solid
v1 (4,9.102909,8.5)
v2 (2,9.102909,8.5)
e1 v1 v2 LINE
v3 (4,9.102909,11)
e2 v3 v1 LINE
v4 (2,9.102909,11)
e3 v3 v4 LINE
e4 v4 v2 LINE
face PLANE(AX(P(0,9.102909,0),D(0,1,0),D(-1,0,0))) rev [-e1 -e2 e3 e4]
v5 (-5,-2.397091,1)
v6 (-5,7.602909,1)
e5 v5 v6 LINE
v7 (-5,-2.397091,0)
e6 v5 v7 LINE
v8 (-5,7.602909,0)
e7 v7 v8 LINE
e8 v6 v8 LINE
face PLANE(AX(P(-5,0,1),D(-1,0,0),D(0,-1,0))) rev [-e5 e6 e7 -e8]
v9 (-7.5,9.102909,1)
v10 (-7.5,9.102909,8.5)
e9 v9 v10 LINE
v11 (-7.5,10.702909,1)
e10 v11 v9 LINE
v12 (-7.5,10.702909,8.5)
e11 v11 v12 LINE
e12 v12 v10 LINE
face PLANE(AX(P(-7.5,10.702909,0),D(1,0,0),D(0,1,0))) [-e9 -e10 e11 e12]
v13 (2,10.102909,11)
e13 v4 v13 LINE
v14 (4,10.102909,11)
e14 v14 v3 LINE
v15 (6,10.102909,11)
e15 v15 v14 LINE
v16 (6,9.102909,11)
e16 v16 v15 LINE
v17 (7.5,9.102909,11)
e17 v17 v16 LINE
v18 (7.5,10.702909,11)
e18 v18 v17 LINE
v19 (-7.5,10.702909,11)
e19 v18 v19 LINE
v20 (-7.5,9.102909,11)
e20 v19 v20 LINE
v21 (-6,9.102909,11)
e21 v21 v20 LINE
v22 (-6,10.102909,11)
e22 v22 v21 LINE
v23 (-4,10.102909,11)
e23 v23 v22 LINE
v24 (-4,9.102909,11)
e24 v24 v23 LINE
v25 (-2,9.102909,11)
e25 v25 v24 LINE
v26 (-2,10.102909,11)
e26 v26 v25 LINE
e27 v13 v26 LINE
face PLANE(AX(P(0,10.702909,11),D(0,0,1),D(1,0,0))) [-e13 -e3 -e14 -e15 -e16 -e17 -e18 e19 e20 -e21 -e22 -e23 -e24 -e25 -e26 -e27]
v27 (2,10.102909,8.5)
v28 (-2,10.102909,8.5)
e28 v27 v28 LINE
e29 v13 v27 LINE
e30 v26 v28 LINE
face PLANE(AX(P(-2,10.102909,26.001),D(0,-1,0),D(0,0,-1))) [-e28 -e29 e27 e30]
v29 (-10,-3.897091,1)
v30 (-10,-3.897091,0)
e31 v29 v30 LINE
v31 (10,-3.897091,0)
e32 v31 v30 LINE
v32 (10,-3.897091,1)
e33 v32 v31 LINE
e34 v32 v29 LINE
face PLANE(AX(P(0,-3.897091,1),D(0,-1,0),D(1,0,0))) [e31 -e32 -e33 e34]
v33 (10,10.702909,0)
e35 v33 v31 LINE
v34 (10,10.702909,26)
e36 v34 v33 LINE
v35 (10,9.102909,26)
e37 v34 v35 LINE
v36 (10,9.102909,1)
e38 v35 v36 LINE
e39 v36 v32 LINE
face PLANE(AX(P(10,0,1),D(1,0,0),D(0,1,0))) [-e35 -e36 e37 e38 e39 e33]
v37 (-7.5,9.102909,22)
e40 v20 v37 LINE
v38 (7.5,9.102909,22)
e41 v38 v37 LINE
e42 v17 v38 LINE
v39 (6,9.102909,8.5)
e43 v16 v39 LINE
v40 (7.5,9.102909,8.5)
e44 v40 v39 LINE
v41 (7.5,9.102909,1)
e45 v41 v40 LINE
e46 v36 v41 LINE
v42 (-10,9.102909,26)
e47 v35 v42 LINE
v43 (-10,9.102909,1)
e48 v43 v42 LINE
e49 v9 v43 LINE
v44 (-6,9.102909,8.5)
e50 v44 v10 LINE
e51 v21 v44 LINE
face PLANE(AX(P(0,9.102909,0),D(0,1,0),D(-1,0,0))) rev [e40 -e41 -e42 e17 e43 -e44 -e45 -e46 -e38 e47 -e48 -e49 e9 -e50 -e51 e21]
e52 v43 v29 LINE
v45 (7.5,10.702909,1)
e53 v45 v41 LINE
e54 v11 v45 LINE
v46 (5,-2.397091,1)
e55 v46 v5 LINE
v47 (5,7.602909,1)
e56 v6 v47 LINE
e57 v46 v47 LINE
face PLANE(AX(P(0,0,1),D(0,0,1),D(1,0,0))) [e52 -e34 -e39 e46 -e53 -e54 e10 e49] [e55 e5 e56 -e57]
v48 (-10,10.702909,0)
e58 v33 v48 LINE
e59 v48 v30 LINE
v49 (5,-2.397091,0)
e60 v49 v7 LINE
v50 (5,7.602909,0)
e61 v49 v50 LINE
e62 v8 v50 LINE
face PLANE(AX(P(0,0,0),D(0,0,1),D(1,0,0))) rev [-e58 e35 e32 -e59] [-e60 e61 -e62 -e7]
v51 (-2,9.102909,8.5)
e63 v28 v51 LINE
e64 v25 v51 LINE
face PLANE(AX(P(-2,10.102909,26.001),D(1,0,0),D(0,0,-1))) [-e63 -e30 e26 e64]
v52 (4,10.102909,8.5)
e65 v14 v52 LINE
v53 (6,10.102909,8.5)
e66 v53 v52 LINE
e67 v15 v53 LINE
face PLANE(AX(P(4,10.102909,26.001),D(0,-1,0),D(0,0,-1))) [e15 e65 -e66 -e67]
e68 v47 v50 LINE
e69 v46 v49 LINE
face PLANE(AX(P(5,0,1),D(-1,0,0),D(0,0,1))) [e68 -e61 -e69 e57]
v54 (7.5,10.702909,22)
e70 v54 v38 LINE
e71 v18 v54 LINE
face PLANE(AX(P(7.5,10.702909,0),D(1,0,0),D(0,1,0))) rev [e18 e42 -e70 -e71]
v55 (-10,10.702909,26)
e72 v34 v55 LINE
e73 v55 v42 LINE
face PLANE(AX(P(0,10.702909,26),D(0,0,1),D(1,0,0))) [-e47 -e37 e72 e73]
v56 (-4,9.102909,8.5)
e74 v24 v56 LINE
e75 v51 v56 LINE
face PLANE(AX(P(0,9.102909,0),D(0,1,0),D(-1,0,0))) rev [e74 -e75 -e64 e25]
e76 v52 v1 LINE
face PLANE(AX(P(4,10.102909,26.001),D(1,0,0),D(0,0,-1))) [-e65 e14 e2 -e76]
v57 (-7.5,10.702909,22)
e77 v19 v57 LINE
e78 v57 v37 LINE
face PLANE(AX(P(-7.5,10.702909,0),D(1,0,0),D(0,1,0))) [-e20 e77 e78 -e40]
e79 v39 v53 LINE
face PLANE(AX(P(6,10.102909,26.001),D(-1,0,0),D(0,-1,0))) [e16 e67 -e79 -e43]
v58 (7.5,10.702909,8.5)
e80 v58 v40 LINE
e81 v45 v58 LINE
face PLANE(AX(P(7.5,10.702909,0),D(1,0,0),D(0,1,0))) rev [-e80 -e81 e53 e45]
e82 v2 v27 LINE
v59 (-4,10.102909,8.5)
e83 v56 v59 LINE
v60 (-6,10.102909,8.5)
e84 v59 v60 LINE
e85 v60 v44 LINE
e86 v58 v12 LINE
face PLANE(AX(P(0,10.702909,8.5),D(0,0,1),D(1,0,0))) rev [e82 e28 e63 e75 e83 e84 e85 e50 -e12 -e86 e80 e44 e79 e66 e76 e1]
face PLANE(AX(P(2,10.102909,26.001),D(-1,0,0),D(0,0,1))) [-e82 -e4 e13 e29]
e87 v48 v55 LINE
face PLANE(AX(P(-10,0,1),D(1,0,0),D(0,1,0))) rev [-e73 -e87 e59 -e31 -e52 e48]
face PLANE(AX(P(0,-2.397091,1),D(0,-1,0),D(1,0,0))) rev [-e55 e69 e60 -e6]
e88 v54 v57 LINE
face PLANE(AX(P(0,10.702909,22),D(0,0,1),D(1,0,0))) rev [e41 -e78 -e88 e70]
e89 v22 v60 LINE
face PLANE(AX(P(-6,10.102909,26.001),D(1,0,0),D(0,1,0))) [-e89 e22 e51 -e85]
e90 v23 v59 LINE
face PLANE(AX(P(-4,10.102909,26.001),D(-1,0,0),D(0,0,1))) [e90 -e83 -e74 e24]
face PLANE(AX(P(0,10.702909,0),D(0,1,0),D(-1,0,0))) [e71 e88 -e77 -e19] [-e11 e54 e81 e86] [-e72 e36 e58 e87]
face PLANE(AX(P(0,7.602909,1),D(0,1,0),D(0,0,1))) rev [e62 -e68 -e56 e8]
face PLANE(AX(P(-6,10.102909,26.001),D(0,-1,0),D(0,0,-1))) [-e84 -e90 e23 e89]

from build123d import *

# Parameters (mm, degrees)
SKETCH_3_W          = 10
SKETCH_3_H          = 1.5
EXTRUDE_1_DEPTH     = 1
EXTRUDE_2_DEPTH     = 1.6
CUT_EXTRUDE_1_REACH = 30.975
SKETCH_6_W          = 2
SKETCH_6_H          = 1
SKETCH_6_W_2        = 4


with BuildPart() as part:
    # 草图3 → 凸台-拉伸1 (new body)
    with BuildSketch(Plane.XY):
        Polygon((5, 7.602908894), (5, -2.397091106), (-5, -2.397091106), (-5, 7.602908894), (-5, 9.102908894), (-10, 9.102908894), (-10, -3.897091106), (10, -3.897091106), (10, 9.102908894), (5, 9.102908894), align=None)
        with Locations((0, 8.352908894)):
            Rectangle(SKETCH_3_W, SKETCH_3_H)
    extrude(amount=EXTRUDE_1_DEPTH)

    # 草图4 → 凸台-拉伸2 (add)
    with BuildSketch(Plane(origin=(0, 9.102908894, 0), x_dir=(1, 0, 0), z_dir=(0, 1, 0))):
        Polygon((10, -1), (10, 0), (0, 0), (0, -1), (7.5, -1), align=None)
        Polygon((0, -1), (0, 0), (-10, 0), (-10, -1), (-7.5, -1), align=None)
        Polygon((-7.5, -1), (-10, -1), (-10, -26), (0, -26), (0, -22), (-7.5, -22), (-7.5, -11), (0, -11), (0, -8.5), (-7.5, -8.5), align=None)
        Polygon((10, -26), (10, -1), (7.5, -1), (7.5, -8.5), (0, -8.5), (0, -11), (7.5, -11), (7.5, -22), (0, -22), (0, -26), align=None)
    extrude(amount=EXTRUDE_2_DEPTH)

    # 草图6 → 切除-拉伸1 (cut, up to next)
    with BuildSketch(Plane.XY.offset(1), mode=Mode.PRIVATE) as cut_extrude_1_sk1:
        with Locations((-5, 9.602908894)):
            Rectangle(SKETCH_6_W, SKETCH_6_H)
    cut_extrude_1_tool1 = extrude(cut_extrude_1_sk1.sketch, amount=CUT_EXTRUDE_1_REACH, mode=Mode.PRIVATE) & part.part
    # 草图6 → 切除-拉伸1 (cut, up to next)
    with BuildSketch(Plane.XY.offset(1), mode=Mode.PRIVATE) as cut_extrude_1_sk2:
        with Locations((5, 9.602908894)):
            Rectangle(SKETCH_6_W, SKETCH_6_H)
    cut_extrude_1_tool2 = extrude(cut_extrude_1_sk2.sketch, amount=CUT_EXTRUDE_1_REACH, mode=Mode.PRIVATE) & part.part
    # 草图6 → 切除-拉伸1 (cut, up to next)
    with BuildSketch(Plane.XY.offset(1), mode=Mode.PRIVATE) as cut_extrude_1_sk3:
        with Locations((0, 9.602908894)):
            Rectangle(SKETCH_6_W_2, SKETCH_6_H)
    cut_extrude_1_tool3 = extrude(cut_extrude_1_sk3.sketch, amount=CUT_EXTRUDE_1_REACH, mode=Mode.PRIVATE) & part.part
    add(cut_extrude_1_tool1.solids().sort_by_distance((-5, 9.602909, 1))[0], mode=Mode.SUBTRACT)
    add(cut_extrude_1_tool2.solids().sort_by_distance((5, 9.602909, 1))[0], mode=Mode.SUBTRACT)
    add(cut_extrude_1_tool3.solids().sort_by_distance((0, 9.602909, 1))[0], mode=Mode.SUBTRACT)


solid = part.part
